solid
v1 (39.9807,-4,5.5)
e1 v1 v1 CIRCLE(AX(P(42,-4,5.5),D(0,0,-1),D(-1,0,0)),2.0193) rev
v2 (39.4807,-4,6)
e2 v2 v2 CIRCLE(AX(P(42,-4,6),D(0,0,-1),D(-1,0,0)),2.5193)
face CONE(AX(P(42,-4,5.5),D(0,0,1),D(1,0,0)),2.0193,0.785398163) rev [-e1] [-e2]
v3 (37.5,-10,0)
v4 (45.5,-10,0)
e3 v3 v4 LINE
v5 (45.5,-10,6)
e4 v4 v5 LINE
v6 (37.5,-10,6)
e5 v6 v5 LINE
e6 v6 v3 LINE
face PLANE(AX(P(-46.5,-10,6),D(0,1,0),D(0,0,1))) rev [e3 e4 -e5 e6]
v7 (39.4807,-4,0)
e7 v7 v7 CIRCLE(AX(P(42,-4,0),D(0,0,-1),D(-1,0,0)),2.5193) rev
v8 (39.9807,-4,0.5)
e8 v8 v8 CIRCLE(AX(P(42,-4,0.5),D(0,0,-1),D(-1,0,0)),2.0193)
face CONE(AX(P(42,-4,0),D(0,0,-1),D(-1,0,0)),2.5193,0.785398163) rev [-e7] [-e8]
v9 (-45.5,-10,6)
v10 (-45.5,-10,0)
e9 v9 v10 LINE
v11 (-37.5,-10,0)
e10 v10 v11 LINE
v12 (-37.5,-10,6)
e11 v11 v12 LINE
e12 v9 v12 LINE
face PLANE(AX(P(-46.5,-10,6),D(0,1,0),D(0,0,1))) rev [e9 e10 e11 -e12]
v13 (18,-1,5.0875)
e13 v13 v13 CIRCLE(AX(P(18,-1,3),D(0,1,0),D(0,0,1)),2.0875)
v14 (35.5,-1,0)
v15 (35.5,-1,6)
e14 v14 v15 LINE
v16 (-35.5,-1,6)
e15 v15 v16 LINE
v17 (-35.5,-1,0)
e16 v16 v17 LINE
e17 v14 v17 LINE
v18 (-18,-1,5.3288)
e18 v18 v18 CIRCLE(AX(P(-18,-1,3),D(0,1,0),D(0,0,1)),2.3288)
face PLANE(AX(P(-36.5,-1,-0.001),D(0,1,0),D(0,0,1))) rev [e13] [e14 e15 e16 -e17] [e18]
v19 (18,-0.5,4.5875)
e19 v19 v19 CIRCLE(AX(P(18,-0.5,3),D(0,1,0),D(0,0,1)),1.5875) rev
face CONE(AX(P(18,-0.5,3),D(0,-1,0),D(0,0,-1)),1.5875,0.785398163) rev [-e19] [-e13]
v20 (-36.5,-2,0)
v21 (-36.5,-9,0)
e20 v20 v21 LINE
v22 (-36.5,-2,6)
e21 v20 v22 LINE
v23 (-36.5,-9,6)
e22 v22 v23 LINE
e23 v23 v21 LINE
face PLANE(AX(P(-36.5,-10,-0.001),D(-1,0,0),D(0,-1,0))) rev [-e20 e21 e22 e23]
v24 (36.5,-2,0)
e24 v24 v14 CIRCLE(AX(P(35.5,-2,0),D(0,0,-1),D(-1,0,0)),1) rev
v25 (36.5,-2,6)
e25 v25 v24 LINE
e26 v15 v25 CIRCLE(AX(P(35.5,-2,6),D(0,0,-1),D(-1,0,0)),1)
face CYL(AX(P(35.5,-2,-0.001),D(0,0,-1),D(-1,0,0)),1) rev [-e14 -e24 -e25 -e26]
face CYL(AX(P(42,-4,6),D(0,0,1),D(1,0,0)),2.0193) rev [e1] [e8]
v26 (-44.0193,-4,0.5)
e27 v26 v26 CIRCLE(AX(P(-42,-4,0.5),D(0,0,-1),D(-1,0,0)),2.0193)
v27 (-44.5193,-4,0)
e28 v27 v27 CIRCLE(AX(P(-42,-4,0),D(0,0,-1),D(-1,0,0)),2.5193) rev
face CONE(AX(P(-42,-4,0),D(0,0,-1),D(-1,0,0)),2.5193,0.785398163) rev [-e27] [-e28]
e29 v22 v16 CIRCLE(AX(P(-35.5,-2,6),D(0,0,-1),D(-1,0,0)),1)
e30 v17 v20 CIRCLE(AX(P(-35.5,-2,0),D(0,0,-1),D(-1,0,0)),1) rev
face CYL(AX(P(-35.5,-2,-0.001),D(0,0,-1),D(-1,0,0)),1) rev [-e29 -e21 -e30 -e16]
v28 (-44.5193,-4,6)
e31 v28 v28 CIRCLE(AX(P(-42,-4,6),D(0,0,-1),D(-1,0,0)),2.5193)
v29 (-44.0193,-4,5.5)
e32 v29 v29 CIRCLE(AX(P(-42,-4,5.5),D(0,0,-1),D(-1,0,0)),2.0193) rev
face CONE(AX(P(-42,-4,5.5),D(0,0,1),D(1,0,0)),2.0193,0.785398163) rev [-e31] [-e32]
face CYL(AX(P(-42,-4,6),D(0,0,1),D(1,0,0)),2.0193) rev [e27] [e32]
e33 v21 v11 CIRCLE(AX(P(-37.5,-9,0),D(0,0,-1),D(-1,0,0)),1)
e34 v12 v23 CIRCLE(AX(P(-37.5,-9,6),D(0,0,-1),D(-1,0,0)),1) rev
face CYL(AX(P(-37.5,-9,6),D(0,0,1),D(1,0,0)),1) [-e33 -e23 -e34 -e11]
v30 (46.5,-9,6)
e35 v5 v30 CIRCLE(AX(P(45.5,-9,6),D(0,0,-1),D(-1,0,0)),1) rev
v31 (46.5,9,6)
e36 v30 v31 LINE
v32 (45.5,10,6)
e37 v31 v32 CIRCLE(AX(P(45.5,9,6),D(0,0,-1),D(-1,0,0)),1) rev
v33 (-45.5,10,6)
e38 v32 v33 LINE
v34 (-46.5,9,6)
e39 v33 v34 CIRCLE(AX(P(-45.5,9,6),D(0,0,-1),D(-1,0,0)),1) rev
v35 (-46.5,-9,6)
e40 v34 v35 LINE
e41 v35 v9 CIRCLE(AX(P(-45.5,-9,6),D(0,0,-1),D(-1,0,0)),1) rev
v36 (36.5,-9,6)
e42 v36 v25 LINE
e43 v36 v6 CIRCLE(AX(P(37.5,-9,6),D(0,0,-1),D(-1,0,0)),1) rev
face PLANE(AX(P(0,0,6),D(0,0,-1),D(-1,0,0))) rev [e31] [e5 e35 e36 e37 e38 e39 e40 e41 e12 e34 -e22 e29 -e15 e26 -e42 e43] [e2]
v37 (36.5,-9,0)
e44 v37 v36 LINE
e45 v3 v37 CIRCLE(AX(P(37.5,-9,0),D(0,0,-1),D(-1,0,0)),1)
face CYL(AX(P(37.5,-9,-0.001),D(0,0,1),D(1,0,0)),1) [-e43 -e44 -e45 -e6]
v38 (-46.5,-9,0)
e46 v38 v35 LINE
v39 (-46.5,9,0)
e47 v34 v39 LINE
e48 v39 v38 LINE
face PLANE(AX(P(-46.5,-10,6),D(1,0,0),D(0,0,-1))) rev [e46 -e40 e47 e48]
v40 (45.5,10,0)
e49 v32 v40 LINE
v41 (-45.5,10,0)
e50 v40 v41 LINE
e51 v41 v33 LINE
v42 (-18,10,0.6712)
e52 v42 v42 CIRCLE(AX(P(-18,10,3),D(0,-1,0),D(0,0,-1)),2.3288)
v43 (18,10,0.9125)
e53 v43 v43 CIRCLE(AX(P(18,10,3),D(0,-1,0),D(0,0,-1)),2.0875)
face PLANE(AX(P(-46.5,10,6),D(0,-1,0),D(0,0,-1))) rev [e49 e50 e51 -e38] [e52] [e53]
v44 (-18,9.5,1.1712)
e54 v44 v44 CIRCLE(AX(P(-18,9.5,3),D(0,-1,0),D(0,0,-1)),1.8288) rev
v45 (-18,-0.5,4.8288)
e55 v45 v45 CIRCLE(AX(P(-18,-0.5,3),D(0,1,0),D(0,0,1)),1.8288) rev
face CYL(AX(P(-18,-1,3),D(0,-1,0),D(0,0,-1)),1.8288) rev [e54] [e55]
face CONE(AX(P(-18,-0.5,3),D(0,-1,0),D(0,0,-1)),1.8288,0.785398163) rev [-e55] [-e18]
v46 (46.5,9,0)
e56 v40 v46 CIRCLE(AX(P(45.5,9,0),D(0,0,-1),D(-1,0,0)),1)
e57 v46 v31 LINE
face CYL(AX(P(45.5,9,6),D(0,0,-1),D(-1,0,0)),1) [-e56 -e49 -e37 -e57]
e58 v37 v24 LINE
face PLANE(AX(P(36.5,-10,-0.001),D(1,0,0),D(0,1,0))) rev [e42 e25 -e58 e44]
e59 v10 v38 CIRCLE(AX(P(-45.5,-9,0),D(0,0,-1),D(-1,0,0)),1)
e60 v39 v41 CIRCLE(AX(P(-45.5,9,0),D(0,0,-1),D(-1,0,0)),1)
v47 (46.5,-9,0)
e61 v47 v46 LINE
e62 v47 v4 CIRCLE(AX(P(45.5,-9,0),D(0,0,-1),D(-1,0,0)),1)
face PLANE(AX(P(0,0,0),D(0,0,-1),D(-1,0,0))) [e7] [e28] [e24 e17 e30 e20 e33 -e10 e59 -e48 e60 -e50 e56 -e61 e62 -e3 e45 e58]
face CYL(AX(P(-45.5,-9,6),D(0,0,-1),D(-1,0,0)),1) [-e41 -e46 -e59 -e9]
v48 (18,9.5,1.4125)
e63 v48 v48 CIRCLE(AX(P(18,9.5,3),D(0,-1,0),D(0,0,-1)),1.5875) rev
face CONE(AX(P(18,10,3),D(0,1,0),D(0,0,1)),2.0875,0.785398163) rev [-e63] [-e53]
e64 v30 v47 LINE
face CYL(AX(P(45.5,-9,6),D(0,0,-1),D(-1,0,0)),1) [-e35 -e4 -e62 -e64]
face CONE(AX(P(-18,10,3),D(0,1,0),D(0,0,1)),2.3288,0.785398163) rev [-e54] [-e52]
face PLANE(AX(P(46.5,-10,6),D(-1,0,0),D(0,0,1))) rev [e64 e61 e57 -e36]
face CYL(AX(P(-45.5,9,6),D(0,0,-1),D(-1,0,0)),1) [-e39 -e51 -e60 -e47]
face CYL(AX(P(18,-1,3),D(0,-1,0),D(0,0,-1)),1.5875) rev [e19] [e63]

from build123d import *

# Parameters (mm, degrees)
SKETCH1_W                    = 93
SKETCH1_H                    = 20
BOSS_EXTRUDE1_DEPTH          = 6
CUT_EXTRUDE2_REACH           = 49.94
SKETCH3_W                    = 73
SKETCH3_H                    = 9
F_6_CLEARANCE_HOLE1_D        = 3.6576
TAP_DRILL_FOR_10_32_TAP1_D   = 4.0386
F_1_8_0_125_DIAMETER_HOLE1_D = 3.175
FILLET1_R                    = 1
CHAMFER2_SIZE                = 0.5


with BuildPart() as part:
    # Sketch1 → Boss-Extrude1 (new body)
    with BuildSketch(Plane.XY):
        Rectangle(SKETCH1_W, SKETCH1_H)
    extrude(amount=BOSS_EXTRUDE1_DEPTH)

    # Sketch3 → Cut-Extrude2 (cut, up to next)
    with BuildSketch(Plane.XY.offset(6), mode=Mode.PRIVATE) as cut_extrude2_sk1:
        with Locations((0, -5.5)):
            Rectangle(SKETCH3_W, SKETCH3_H)
    cut_extrude2_tool1 = extrude(cut_extrude2_sk1.sketch, amount=-CUT_EXTRUDE2_REACH, mode=Mode.PRIVATE) & part.part
    add(cut_extrude2_tool1.solids().sort_by_distance((0, -5.5, 6))[0], mode=Mode.SUBTRACT)

    # #6 Clearance Hole1 (through all)
    with Locations(Plane(origin=(0, -1, 0), x_dir=(-1, 0, 0), z_dir=(0, -1, 0))):
        with Locations((18, -3)):
            Hole(F_6_CLEARANCE_HOLE1_D / 2)

    # Tap Drill for #10-32 Tap1 (through all)
    with Locations(Plane.XY.offset(6)):
        with Locations((-42, -4), (42, -4)):
            Hole(TAP_DRILL_FOR_10_32_TAP1_D / 2)

    # 1/8 (0.125) Diameter Hole1 (through all)
    with Locations(Plane(origin=(0, -1, 0), x_dir=(-1, 0, 0), z_dir=(0, -1, 0))):
        with Locations((-18, -3)):
            Hole(F_1_8_0_125_DIAMETER_HOLE1_D / 2)

    # Fillet1
    fillet1_edges = [part.edges().sort_by_distance(p)[0] for p in [
        (-36.5, -10, 3),
        (-36.5, -1, 3),
        (36.5, -1, 3),
        (36.5, -10, 3),
        (46.5, -10, 3),
        (-46.5, -10, 3),
        (-46.5, 10, 3),
        (46.5, 10, 3),
    ]]
    fillet(fillet1_edges, radius=FILLET1_R)

    # Chamfer2
    chamfer2_edges = [part.edges().sort_by_distance(p)[0] for p in [
        (-19.8288, -1, 3),
        (-19.8288, 10, 3),
        (44.0193, -4, 6),
        (44.0193, -4, 0),
        (-39.9807, -4, 6),
        (-39.9807, -4, 0),
        (16.4125, -1, 3),
        (16.4125, 10, 3),
    ]]
    chamfer(chamfer2_edges, length=CHAMFER2_SIZE)


solid = part.part
